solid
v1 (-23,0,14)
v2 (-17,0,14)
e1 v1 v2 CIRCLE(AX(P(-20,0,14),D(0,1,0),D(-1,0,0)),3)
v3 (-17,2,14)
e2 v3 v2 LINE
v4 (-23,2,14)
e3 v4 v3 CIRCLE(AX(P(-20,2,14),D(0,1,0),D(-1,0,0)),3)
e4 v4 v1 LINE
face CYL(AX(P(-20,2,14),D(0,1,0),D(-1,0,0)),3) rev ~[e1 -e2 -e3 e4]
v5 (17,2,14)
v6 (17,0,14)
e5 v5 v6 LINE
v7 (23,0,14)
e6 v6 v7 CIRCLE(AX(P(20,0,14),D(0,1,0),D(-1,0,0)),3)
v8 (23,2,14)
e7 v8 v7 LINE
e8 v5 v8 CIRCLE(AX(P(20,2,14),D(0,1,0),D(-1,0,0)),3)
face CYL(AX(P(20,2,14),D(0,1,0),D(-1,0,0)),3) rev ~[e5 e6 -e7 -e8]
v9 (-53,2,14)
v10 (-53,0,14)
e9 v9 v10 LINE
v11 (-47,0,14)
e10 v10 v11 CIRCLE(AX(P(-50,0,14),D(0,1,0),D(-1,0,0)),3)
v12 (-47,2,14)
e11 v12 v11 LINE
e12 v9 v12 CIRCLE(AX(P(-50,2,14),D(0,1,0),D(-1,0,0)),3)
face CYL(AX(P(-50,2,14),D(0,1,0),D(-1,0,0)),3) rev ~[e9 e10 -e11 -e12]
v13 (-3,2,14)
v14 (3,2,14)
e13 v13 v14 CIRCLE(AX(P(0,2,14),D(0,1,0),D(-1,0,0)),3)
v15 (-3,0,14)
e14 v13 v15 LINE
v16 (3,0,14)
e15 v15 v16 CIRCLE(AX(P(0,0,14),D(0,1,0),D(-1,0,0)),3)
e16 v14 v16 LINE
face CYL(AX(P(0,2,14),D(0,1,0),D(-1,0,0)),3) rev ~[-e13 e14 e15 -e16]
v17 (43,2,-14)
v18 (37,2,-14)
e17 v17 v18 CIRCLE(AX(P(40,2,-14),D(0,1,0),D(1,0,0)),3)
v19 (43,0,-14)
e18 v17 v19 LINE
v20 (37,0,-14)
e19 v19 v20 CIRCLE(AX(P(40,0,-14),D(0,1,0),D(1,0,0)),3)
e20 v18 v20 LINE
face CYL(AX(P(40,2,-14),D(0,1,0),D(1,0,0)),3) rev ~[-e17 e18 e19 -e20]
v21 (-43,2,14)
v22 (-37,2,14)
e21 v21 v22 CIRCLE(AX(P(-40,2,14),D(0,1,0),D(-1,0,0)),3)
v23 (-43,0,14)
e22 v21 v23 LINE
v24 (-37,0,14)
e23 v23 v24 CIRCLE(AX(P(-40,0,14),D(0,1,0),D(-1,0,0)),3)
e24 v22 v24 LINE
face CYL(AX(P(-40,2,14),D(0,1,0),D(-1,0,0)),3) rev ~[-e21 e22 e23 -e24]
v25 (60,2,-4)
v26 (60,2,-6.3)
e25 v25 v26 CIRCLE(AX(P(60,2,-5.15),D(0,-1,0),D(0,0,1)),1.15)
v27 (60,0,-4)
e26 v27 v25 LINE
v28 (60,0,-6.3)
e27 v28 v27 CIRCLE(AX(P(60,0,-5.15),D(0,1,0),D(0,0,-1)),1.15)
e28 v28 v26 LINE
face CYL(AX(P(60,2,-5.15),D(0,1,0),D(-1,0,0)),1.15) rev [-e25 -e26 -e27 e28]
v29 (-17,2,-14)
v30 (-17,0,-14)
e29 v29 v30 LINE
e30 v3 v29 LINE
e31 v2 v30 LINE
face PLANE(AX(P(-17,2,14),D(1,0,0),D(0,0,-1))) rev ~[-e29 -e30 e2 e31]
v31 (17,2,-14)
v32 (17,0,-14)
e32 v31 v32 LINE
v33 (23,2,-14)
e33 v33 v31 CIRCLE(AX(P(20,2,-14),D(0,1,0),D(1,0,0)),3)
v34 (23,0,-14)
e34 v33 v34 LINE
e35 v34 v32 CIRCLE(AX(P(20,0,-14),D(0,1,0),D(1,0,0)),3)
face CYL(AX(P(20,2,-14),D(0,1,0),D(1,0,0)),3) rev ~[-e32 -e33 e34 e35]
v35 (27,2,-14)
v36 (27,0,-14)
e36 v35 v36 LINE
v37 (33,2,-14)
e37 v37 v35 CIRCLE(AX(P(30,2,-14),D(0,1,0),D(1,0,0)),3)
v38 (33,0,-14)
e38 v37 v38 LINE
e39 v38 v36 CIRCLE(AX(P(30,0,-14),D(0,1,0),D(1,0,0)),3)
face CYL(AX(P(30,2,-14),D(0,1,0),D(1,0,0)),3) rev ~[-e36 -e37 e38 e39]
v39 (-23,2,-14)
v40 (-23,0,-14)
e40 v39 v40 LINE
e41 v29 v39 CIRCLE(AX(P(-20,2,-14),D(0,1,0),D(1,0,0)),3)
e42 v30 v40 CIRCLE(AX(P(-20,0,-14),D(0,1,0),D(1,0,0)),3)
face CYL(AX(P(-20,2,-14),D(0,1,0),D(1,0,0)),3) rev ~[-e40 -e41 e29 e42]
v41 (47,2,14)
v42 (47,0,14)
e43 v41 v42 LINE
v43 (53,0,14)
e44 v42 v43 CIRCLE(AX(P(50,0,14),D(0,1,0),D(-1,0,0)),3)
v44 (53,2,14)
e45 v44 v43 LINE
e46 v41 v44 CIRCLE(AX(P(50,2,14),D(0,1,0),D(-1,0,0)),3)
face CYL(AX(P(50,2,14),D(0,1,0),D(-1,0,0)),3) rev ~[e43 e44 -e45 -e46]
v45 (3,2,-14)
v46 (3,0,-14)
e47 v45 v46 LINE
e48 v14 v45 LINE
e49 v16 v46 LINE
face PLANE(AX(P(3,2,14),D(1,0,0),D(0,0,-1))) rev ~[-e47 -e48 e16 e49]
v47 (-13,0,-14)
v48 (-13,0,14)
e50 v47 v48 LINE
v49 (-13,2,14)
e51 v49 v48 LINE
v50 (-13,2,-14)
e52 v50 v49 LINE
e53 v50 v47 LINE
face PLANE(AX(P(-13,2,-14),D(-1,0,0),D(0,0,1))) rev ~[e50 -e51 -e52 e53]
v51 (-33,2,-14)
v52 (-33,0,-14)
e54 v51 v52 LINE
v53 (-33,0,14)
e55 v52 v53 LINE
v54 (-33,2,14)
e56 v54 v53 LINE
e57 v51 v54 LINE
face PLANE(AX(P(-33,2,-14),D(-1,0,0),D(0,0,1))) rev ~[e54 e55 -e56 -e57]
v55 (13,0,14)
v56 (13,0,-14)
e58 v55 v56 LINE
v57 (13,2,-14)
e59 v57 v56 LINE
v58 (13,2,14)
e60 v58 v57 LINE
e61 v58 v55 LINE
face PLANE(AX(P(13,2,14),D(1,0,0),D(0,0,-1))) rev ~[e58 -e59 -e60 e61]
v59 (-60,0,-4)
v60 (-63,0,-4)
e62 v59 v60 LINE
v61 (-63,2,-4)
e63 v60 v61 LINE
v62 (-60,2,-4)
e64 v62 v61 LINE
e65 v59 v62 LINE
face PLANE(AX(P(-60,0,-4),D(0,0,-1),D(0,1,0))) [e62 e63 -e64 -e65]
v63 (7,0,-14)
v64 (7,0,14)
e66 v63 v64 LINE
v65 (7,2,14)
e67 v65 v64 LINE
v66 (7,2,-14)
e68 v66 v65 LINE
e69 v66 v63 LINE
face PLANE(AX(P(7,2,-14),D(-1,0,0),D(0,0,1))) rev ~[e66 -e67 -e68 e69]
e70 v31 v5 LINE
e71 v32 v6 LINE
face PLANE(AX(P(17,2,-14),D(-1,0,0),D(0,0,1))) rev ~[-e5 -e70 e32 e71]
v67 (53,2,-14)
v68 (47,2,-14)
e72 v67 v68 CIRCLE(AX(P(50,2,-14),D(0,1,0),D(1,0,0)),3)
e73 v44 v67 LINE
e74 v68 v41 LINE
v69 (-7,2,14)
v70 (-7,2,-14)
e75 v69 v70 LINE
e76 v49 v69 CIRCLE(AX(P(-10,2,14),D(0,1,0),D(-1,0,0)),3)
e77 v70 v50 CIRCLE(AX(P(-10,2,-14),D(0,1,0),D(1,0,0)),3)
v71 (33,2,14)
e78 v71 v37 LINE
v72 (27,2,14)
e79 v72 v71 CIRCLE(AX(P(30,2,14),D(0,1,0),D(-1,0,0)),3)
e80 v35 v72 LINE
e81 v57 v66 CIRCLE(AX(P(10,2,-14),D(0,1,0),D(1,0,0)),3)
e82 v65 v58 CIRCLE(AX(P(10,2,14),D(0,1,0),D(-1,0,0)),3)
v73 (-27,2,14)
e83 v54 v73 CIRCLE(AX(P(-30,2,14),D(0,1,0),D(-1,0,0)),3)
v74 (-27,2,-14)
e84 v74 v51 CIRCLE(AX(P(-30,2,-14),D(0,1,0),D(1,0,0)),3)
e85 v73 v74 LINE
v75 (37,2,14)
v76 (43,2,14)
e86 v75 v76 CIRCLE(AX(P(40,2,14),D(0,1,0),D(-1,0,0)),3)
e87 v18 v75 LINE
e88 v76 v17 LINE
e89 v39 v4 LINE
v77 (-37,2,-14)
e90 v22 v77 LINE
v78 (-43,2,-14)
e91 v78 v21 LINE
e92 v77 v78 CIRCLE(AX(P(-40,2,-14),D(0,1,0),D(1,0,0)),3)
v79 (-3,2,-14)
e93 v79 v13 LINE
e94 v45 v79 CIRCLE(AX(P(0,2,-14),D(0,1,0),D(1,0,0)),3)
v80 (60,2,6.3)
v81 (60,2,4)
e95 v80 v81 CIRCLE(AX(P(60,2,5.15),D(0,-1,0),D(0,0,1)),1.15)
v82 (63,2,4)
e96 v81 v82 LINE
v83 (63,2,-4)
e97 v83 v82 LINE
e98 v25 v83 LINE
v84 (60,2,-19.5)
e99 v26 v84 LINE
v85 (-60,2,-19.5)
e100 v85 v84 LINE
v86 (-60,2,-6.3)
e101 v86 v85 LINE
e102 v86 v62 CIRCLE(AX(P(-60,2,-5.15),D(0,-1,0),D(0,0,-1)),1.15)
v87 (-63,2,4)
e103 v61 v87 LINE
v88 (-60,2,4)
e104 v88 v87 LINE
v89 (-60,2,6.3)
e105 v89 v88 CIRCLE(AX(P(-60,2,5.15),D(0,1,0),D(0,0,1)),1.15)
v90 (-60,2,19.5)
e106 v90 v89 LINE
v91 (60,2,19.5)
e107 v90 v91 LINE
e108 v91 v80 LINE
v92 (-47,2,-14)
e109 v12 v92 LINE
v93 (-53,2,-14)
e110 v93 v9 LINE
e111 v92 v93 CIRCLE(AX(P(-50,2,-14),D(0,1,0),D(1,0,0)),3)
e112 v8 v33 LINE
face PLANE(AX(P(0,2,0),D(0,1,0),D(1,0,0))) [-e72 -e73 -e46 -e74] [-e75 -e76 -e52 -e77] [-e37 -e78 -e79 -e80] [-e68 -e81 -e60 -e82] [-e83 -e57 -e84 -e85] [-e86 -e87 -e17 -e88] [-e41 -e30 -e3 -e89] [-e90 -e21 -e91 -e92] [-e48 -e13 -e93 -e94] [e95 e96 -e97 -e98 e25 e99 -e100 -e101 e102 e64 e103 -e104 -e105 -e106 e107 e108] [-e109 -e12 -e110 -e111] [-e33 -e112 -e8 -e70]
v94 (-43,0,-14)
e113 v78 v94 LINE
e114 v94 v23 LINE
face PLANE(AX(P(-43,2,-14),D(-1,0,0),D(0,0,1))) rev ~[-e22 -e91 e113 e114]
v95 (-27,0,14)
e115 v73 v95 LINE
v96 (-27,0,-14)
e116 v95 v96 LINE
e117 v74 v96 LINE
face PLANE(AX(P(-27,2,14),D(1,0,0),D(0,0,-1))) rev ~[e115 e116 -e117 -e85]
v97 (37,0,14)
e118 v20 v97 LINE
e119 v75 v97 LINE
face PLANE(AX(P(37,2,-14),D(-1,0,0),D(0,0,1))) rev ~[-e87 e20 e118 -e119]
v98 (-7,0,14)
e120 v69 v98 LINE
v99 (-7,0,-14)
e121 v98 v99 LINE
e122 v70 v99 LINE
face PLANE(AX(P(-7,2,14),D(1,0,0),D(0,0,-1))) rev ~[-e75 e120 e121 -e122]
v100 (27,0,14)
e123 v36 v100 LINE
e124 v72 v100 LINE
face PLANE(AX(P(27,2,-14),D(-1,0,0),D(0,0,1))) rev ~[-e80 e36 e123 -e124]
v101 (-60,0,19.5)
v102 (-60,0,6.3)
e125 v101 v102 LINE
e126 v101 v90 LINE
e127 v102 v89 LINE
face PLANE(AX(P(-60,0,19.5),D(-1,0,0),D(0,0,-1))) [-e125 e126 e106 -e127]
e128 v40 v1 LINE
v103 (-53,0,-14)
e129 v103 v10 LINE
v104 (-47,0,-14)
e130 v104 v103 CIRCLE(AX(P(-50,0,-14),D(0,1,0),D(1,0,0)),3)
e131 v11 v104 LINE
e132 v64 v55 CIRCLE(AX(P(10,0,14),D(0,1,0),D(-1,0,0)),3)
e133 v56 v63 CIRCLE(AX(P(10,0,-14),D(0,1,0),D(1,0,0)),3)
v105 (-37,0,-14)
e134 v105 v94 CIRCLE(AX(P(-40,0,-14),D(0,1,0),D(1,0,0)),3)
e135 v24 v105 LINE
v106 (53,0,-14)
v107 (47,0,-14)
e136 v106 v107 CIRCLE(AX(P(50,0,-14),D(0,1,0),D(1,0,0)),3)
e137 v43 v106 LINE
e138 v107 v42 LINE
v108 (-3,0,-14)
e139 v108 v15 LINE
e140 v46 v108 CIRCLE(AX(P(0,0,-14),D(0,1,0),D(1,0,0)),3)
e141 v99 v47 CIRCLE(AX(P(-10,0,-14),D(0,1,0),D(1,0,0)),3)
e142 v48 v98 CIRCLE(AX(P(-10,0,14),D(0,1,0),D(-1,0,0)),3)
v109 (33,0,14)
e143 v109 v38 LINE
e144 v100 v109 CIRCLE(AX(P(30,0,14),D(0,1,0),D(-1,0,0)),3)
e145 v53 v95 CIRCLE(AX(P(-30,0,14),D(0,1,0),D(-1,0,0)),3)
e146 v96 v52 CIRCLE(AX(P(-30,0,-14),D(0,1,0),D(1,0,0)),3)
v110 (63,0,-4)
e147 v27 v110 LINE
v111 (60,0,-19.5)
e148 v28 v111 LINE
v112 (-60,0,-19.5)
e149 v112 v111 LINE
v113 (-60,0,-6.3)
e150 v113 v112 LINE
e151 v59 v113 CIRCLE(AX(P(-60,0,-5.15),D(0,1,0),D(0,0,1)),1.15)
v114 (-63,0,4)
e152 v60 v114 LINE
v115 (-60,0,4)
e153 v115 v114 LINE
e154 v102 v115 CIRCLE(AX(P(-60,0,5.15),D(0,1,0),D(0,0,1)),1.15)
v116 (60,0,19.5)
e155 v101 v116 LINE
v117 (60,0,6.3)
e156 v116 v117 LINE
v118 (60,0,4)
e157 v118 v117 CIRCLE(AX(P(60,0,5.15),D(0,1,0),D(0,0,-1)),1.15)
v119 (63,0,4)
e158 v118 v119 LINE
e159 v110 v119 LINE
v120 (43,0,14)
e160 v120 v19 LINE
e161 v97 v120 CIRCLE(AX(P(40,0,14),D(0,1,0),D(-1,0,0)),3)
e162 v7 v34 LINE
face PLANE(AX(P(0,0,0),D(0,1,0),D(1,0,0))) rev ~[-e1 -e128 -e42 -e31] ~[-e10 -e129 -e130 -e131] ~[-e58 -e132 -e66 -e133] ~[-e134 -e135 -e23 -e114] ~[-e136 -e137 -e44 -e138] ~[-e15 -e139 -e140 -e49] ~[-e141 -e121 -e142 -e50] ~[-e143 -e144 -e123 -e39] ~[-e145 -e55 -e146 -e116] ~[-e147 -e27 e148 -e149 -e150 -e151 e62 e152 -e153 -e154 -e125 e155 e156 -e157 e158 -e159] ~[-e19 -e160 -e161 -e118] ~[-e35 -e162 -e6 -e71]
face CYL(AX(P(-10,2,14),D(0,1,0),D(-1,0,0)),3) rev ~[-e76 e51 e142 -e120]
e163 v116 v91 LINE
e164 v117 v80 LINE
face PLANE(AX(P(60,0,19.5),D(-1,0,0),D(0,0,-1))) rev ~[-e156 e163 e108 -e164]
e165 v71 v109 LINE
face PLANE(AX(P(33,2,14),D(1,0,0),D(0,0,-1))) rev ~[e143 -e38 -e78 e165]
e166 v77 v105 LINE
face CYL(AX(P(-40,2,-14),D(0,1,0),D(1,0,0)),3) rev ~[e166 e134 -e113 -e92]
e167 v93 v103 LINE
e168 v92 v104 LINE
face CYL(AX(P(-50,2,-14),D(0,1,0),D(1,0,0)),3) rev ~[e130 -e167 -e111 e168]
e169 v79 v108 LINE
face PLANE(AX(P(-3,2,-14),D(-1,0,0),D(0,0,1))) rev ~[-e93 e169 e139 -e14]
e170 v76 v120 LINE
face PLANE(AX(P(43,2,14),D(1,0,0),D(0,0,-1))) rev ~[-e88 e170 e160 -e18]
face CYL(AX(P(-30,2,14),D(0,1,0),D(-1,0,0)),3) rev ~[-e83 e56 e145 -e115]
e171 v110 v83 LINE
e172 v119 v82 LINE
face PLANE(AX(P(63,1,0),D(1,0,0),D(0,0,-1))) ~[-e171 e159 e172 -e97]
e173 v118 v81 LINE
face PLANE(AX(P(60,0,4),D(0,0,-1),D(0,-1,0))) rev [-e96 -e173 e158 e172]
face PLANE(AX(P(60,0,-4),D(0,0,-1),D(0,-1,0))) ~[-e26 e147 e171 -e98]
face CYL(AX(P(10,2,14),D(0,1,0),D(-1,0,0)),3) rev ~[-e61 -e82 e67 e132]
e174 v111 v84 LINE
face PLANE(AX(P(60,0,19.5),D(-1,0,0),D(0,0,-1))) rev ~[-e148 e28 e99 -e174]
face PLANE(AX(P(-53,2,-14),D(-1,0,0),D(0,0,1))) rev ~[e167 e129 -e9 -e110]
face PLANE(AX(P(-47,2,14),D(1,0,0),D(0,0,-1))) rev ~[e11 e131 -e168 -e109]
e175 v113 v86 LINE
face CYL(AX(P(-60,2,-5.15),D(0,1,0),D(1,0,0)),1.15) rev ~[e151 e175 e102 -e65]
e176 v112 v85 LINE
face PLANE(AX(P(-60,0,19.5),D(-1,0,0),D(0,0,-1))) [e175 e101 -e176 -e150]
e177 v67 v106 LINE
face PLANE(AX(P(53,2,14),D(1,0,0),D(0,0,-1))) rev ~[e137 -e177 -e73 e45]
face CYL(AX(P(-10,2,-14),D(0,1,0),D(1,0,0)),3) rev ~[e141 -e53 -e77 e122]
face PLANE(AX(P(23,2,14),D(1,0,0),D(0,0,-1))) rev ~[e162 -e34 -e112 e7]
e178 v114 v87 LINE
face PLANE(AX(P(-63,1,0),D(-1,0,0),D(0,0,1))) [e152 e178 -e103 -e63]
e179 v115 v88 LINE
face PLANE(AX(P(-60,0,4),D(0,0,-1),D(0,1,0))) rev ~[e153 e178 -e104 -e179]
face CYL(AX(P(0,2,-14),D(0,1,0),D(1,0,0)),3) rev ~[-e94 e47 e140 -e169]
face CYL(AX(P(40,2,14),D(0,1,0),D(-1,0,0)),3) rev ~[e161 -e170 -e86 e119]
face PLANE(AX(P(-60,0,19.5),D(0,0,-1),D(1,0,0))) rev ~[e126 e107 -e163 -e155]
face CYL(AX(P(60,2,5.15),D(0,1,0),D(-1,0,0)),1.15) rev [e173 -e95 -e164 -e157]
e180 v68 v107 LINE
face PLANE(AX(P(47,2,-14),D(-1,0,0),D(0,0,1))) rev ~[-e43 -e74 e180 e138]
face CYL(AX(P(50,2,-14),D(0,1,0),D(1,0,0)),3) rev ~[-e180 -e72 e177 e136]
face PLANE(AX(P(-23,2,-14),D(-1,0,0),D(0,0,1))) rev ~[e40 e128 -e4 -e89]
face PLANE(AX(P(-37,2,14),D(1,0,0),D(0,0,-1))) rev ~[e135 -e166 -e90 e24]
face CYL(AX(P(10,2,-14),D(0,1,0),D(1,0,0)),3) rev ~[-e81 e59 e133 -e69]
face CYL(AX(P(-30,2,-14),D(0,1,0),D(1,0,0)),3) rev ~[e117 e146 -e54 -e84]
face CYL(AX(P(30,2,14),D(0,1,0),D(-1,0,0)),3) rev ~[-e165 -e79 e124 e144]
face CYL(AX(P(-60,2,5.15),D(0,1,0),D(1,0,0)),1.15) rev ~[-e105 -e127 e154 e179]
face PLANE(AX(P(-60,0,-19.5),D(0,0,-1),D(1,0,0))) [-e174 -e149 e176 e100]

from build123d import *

# Parameters (mm, degrees)
SKETCH_1_W                 = 120
SKETCH_1_H                 = 39
EXTRUDE_1_DEPTH            = 2
SKETCH_2_W                 = 8
SKETCH_2_H                 = 2
EXTRUDE_2_DEPTH            = 3
SKETCH_3_R                 = 1.15
CUT_EXTRUDE_1_DEPTH        = 66.979163378
CUT_EXTRUDE_2_DEPTH        = 66.979163378
PATTERN_LINEAR_1_COUNT     = 6
PATTERN_LINEAR_1_PITCH     = 10
PATTERN_LINEAR_1_COL_COUNT = 6
PATTERN_LINEAR_1_COL_PITCH = 10


with BuildPart() as part:
    # 草图1 → 凸台-拉伸1 (new body)
    with BuildSketch(Plane(origin=(0, 0, 0), x_dir=(1, 0, 0), z_dir=(0, 1, 0))):
        Rectangle(SKETCH_1_W, SKETCH_1_H)
    extrude(amount=EXTRUDE_1_DEPTH)

    # 草图2 → 凸台-拉伸2 (add)
    with BuildSketch(Plane.ZY.offset(60)):
        with Locations((0, 1)):
            Rectangle(SKETCH_2_W, SKETCH_2_H)
    extrude_2 = extrude(amount=EXTRUDE_2_DEPTH)

    # 草图3 → 切除-拉伸1 (cut, through all)
    with BuildSketch(Plane(origin=(0, 2, 0), x_dir=(1, 0, 0), z_dir=(0, 1, 0))):
        with Locations((-60, 5.15)):
            Circle(SKETCH_3_R)
        with Locations((-60, -5.15)):
            Circle(SKETCH_3_R)
    cut_extrude_1 = extrude(amount=-CUT_EXTRUDE_1_DEPTH, mode=Mode.SUBTRACT)

    # 镜向1: 凸台-拉伸2, 切除-拉伸1 across plane
    add(extrude_2.mirror(Plane(origin=(0, 0, 0), x_dir=(0, 0, 1), z_dir=(1, 0, 0))))
    add(cut_extrude_1.mirror(Plane(origin=(0, 0, 0), x_dir=(0, 0, 1), z_dir=(1, 0, 0))), mode=Mode.SUBTRACT)

    # 草图4 → 切除-拉伸2 (cut, through all)
    with BuildSketch(Plane(origin=(0, 2, 0), x_dir=(1, 0, 0), z_dir=(0, 1, 0))):
        with BuildLine():
            ThreePointArc((-3, -14), (0, -11), (3, -14))
            Line((3, -14), (3, 14))
            ThreePointArc((3, 14), (0, 11), (-3, 14))
            Line((-3, 14), (-3, -14))
        make_face()
        with BuildLine():
            ThreePointArc((-3, 14), (0, 11), (3, 14))
            Line((3, 14), (-3, 14))
        make_face()
        with BuildLine():
            Line((-3, 14), (3, 14))
            ThreePointArc((3, 14), (0, 17), (-3, 14))
        make_face()
        with BuildLine():
            ThreePointArc((-3, -14), (0, -17), (3, -14))
            Line((3, -14), (-3, -14))
        make_face()
        with BuildLine():
            Line((-3, -14), (3, -14))
            ThreePointArc((3, -14), (0, -11), (-3, -14))
        make_face()
    cut_extrude_2 = extrude(amount=-CUT_EXTRUDE_2_DEPTH, mode=Mode.SUBTRACT)

    # 阵列(线性)1: 切除-拉伸2 ×6
    with Locations(*[(-i * PATTERN_LINEAR_1_PITCH, 0, 0) for i in range(1, PATTERN_LINEAR_1_COUNT)]):
        add(cut_extrude_2, mode=Mode.SUBTRACT)

    # 阵列(线性)1 col: 切除-拉伸2 ×6
    with Locations(*[(i * PATTERN_LINEAR_1_COL_PITCH, 0, 0) for i in range(1, PATTERN_LINEAR_1_COL_COUNT)]):
        add(cut_extrude_2, mode=Mode.SUBTRACT)


solid = part.part
